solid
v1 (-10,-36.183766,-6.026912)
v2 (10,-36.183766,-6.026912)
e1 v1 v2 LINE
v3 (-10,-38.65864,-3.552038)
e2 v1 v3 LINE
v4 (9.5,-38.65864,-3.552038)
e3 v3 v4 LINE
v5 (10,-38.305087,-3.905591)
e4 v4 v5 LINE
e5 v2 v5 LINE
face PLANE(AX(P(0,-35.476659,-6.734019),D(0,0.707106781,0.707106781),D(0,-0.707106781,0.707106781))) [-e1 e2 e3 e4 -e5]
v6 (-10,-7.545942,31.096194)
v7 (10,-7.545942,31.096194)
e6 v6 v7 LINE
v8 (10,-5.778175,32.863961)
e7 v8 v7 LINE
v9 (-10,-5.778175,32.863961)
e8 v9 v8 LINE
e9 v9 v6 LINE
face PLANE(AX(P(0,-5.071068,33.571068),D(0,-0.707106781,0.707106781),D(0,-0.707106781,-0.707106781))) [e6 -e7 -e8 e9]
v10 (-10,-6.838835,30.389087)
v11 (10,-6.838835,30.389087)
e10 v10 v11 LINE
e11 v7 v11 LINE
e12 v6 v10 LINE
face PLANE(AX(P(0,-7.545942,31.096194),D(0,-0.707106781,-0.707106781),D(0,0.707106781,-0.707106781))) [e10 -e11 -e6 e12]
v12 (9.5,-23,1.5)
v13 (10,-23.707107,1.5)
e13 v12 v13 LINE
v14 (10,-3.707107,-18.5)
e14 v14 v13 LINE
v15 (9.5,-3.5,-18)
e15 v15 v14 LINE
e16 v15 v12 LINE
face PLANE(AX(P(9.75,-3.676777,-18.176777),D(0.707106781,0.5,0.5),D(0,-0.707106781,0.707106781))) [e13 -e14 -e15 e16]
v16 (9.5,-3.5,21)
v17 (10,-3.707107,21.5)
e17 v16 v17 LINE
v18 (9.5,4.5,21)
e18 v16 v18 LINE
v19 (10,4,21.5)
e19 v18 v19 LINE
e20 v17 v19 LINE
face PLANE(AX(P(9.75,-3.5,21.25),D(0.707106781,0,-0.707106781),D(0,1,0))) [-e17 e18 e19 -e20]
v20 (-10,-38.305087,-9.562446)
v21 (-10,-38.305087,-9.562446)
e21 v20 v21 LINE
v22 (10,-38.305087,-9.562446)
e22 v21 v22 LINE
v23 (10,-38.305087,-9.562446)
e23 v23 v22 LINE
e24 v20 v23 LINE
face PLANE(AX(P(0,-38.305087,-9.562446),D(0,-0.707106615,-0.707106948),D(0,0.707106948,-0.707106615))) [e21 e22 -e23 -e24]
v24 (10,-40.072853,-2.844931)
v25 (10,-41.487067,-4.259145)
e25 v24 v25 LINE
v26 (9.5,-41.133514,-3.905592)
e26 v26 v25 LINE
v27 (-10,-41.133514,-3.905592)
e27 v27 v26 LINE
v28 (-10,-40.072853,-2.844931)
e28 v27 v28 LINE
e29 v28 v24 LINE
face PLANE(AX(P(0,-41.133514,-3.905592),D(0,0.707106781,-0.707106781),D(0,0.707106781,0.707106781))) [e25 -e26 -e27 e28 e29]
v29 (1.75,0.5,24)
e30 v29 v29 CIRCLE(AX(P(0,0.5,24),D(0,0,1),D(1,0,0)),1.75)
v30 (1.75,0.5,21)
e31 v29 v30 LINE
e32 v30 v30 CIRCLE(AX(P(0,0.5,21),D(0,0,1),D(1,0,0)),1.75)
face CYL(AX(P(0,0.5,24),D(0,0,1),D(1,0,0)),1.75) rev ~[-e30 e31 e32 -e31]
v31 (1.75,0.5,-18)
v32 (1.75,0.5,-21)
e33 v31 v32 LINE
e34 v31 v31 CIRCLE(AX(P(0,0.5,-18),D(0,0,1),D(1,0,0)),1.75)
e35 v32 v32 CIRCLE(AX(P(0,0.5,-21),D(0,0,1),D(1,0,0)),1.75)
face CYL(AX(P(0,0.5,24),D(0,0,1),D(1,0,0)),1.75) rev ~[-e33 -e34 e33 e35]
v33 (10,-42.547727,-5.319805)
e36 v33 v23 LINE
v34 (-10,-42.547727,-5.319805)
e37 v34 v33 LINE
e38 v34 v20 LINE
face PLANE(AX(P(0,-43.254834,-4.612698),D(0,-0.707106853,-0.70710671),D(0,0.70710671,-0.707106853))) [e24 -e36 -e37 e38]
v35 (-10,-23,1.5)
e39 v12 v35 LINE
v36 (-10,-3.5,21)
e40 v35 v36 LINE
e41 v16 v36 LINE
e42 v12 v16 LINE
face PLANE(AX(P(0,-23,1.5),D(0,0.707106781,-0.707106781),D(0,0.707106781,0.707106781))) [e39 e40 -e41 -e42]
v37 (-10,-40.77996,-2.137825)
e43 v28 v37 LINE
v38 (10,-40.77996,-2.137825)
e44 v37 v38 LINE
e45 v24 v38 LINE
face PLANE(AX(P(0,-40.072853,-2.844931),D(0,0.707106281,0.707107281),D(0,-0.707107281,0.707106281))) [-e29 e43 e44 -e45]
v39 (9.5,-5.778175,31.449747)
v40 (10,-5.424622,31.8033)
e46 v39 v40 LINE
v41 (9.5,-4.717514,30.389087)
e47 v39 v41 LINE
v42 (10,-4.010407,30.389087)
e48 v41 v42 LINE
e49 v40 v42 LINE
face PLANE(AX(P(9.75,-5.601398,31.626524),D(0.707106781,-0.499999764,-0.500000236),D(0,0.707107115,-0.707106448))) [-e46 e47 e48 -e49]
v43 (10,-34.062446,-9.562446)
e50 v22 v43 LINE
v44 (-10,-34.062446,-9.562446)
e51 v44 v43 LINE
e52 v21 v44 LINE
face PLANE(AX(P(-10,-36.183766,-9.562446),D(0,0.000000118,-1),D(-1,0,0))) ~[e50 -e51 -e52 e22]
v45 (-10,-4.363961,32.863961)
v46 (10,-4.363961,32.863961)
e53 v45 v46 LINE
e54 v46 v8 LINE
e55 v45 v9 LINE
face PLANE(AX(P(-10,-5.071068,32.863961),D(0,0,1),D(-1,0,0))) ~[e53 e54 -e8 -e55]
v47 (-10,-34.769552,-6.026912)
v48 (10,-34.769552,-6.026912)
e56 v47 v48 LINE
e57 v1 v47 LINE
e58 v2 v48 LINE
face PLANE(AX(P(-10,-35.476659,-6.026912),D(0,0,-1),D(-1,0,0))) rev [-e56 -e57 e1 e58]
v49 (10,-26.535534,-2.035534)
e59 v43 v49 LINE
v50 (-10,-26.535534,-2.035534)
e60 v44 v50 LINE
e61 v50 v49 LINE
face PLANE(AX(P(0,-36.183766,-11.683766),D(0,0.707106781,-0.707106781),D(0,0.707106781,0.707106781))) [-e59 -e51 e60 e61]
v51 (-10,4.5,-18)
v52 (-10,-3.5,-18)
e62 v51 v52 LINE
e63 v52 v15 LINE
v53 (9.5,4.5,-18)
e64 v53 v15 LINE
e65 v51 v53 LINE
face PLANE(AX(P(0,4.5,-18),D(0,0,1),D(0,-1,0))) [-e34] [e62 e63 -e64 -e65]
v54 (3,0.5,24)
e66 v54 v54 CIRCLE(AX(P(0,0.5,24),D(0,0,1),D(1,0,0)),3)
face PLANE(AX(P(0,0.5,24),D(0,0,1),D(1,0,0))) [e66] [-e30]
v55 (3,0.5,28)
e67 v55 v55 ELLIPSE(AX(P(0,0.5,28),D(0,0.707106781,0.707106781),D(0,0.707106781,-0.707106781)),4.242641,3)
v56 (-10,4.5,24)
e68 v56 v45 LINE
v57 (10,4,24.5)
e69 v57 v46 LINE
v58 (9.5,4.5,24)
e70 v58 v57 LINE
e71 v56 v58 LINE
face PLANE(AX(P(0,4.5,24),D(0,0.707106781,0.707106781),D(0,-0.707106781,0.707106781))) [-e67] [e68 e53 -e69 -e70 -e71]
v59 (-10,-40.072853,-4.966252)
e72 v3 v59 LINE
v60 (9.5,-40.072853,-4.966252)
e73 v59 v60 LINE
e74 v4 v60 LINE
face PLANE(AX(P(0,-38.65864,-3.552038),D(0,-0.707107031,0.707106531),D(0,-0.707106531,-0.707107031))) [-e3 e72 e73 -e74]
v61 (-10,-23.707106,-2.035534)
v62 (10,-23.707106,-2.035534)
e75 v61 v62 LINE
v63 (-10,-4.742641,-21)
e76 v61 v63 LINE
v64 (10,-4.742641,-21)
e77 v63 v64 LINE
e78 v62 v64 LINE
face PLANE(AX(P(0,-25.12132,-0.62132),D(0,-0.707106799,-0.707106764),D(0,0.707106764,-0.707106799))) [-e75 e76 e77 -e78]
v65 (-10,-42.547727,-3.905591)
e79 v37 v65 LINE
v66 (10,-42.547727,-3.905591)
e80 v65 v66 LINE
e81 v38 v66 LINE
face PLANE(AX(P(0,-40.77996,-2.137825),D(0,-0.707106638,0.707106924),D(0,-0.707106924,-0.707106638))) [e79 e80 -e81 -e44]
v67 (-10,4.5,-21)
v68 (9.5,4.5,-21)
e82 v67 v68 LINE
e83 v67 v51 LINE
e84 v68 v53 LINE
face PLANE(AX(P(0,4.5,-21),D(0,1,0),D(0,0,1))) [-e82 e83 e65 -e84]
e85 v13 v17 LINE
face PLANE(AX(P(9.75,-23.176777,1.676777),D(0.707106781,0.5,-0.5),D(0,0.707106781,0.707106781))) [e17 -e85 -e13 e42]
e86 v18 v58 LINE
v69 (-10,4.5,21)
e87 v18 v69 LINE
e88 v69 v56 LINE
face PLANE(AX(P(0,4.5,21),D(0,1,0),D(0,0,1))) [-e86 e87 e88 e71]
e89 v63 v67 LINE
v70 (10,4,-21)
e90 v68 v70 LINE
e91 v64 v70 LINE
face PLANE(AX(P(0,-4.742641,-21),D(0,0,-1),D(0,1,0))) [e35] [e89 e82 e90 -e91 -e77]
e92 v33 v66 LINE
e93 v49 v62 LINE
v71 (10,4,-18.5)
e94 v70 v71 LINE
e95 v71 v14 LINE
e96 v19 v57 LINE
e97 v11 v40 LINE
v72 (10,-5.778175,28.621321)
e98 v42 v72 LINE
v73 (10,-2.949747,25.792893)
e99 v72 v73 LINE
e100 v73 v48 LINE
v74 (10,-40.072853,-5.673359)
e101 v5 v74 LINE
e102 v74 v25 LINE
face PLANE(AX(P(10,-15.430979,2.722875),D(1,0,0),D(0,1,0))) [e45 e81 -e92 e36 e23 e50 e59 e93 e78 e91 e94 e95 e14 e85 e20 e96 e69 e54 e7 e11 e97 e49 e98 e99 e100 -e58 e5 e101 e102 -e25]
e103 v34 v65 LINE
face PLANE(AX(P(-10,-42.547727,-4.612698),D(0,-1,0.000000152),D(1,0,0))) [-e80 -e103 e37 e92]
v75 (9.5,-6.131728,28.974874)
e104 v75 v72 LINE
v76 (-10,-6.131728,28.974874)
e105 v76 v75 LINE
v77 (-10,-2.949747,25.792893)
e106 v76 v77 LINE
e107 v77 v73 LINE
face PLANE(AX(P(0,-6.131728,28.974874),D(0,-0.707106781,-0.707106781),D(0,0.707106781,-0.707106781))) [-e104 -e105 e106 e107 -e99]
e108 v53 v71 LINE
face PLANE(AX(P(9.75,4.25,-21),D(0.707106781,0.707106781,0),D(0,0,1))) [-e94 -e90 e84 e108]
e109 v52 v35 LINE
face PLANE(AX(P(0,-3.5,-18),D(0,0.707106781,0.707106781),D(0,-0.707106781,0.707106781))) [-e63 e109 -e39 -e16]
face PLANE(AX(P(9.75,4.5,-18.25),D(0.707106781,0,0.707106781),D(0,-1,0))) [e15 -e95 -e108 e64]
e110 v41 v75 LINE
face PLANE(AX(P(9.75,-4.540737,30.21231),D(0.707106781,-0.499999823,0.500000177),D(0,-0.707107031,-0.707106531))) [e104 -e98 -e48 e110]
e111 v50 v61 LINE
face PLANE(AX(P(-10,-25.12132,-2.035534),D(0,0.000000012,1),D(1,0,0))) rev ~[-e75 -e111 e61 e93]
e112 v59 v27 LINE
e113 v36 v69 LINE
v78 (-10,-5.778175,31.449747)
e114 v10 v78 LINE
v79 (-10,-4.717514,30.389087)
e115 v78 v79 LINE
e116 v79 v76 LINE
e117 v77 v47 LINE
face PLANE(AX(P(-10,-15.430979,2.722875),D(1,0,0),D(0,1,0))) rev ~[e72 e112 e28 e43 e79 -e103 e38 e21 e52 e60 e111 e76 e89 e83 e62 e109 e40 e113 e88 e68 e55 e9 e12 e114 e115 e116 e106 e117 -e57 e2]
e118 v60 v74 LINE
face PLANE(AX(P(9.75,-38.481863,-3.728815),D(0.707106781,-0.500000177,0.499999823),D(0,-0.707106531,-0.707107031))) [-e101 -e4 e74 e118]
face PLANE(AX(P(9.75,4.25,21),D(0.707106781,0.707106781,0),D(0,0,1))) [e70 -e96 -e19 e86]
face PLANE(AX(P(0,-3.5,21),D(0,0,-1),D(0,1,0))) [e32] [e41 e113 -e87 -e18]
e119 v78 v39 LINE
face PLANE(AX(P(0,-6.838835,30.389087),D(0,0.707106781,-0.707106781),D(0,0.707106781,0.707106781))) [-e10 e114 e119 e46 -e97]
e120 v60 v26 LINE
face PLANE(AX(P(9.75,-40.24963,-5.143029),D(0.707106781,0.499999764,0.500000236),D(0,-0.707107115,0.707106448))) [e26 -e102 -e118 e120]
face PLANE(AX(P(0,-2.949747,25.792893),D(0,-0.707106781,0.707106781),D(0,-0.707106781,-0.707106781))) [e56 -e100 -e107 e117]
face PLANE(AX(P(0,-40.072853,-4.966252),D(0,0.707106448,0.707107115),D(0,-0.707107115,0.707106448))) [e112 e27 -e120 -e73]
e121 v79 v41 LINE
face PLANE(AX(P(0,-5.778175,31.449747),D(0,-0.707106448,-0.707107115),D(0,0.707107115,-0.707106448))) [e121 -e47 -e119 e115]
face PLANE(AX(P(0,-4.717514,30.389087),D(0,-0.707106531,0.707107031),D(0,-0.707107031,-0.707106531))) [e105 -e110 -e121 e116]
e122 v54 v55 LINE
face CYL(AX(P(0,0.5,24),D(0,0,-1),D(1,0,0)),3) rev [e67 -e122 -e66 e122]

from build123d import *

# Parameters (mm, degrees)
CYLINDER004_R     = 3
CYLINDER004_DEPTH = 10
PAD010_DEPTH      = 10
SKETCH036_R       = 1.75
POCKET025_DEPTH   = 45.001
CHAMFER023_1_SIZE = 3
CHAMFER023_2_SIZE = 2
CHAMFER023_3_SIZE = 1
CHAMFER024_SIZE   = 0.5


with BuildPart() as boardbracketscrewheadcylinder001:
    # Cylinder004 → Cylinder004 (new body)
    with BuildSketch(Plane(origin=(0, 0.5, 24), x_dir=(1, 0, 0), z_dir=(0, 0, 1))):
        Circle(CYLINDER004_R)
    extrude(amount=CYLINDER004_DEPTH)


with BuildPart() as escornacpuprintingchamfer024_final:
    # Sketch035 → Pad010 (new body, symmetric)
    with BuildSketch(Plane.YZ):
        Polygon((4.5, 21), (4.5, 24), (-0.12132, 28.62132), (-5.071068, 33.571068), (-7.545942, 31.096194), (-6.838835, 30.389087), (-5.778175, 31.449747), (-4.717514, 30.389087), (-6.131728, 28.974874), (-2.949747, 25.792893), (-35.476659, -6.734019), (-38.65864, -3.552038), (-40.072853, -4.966252), (-41.133514, -3.905592), (-40.072853, -2.844931), (-40.77996, -2.137825), (-43.254834, -4.612698), (-38.305087, -9.562446), (-36.183766, -11.683766), (-25.12132, -0.62132), (-4.742641, -21), (4.5, -21), (4.5, -18), (-3.5, -18), (-23, 1.5), (-3.5, 21), align=None)
    extrude(amount=PAD010_DEPTH, both=True)

    # Cut002: cut BoardBracketScrewHeadCylinder001
    add(boardbracketscrewheadcylinder001.part, mode=Mode.SUBTRACT)

    # Sketch036 → Pocket025 (cut, through all)
    with BuildSketch(Plane.XY.offset(24)):
        with Locations((0, 0.5)):
            Circle(SKETCH036_R)
    extrude(amount=-POCKET025_DEPTH, mode=Mode.SUBTRACT)

    # Chamfer023 1
    chamfer023_1_edges = [escornacpuprintingchamfer024_final.edges().sort_by_distance(p)[0] for p in [
        (0, -36.183766, -11.683766),
    ]]
    chamfer(chamfer023_1_edges, length=CHAMFER023_1_SIZE)

    # Chamfer023 2
    chamfer023_2_edges = [escornacpuprintingchamfer024_final.edges().sort_by_distance(p)[0] for p in [
        (0, -25.12132, -0.62132),
    ]]
    chamfer(chamfer023_2_edges, length=CHAMFER023_2_SIZE)

    # Chamfer023 3
    chamfer023_3_edges = [escornacpuprintingchamfer024_final.edges().sort_by_distance(p)[0] for p in [
        (0, -35.476659, -6.734019),
        (0, -43.254834, -4.612698),
        (0, -5.071068, 33.571068),
    ]]
    chamfer(chamfer023_3_edges, length=CHAMFER023_3_SIZE)

    # Chamfer024
    chamfer024_edges = [escornacpuprintingchamfer024_final.edges().sort_by_distance(p)[0] for p in [
        (10, -5.424621, 29.681981),
        (10, -39.365747, -4.259145),
        (10, -5.247845, 30.919417),
        (10, -40.603184, -4.435922),
        (10, 4.5, 22.5),
        (10, 0.5, 21),
        (10, -13.25, 11.25),
        (10, -13.25, -8.25),
        (10, 0.5, -18),
        (10, 4.5, -19.5),
    ]]
    chamfer(chamfer024_edges, length=CHAMFER024_SIZE)


solid = escornacpuprintingchamfer024_final.part
